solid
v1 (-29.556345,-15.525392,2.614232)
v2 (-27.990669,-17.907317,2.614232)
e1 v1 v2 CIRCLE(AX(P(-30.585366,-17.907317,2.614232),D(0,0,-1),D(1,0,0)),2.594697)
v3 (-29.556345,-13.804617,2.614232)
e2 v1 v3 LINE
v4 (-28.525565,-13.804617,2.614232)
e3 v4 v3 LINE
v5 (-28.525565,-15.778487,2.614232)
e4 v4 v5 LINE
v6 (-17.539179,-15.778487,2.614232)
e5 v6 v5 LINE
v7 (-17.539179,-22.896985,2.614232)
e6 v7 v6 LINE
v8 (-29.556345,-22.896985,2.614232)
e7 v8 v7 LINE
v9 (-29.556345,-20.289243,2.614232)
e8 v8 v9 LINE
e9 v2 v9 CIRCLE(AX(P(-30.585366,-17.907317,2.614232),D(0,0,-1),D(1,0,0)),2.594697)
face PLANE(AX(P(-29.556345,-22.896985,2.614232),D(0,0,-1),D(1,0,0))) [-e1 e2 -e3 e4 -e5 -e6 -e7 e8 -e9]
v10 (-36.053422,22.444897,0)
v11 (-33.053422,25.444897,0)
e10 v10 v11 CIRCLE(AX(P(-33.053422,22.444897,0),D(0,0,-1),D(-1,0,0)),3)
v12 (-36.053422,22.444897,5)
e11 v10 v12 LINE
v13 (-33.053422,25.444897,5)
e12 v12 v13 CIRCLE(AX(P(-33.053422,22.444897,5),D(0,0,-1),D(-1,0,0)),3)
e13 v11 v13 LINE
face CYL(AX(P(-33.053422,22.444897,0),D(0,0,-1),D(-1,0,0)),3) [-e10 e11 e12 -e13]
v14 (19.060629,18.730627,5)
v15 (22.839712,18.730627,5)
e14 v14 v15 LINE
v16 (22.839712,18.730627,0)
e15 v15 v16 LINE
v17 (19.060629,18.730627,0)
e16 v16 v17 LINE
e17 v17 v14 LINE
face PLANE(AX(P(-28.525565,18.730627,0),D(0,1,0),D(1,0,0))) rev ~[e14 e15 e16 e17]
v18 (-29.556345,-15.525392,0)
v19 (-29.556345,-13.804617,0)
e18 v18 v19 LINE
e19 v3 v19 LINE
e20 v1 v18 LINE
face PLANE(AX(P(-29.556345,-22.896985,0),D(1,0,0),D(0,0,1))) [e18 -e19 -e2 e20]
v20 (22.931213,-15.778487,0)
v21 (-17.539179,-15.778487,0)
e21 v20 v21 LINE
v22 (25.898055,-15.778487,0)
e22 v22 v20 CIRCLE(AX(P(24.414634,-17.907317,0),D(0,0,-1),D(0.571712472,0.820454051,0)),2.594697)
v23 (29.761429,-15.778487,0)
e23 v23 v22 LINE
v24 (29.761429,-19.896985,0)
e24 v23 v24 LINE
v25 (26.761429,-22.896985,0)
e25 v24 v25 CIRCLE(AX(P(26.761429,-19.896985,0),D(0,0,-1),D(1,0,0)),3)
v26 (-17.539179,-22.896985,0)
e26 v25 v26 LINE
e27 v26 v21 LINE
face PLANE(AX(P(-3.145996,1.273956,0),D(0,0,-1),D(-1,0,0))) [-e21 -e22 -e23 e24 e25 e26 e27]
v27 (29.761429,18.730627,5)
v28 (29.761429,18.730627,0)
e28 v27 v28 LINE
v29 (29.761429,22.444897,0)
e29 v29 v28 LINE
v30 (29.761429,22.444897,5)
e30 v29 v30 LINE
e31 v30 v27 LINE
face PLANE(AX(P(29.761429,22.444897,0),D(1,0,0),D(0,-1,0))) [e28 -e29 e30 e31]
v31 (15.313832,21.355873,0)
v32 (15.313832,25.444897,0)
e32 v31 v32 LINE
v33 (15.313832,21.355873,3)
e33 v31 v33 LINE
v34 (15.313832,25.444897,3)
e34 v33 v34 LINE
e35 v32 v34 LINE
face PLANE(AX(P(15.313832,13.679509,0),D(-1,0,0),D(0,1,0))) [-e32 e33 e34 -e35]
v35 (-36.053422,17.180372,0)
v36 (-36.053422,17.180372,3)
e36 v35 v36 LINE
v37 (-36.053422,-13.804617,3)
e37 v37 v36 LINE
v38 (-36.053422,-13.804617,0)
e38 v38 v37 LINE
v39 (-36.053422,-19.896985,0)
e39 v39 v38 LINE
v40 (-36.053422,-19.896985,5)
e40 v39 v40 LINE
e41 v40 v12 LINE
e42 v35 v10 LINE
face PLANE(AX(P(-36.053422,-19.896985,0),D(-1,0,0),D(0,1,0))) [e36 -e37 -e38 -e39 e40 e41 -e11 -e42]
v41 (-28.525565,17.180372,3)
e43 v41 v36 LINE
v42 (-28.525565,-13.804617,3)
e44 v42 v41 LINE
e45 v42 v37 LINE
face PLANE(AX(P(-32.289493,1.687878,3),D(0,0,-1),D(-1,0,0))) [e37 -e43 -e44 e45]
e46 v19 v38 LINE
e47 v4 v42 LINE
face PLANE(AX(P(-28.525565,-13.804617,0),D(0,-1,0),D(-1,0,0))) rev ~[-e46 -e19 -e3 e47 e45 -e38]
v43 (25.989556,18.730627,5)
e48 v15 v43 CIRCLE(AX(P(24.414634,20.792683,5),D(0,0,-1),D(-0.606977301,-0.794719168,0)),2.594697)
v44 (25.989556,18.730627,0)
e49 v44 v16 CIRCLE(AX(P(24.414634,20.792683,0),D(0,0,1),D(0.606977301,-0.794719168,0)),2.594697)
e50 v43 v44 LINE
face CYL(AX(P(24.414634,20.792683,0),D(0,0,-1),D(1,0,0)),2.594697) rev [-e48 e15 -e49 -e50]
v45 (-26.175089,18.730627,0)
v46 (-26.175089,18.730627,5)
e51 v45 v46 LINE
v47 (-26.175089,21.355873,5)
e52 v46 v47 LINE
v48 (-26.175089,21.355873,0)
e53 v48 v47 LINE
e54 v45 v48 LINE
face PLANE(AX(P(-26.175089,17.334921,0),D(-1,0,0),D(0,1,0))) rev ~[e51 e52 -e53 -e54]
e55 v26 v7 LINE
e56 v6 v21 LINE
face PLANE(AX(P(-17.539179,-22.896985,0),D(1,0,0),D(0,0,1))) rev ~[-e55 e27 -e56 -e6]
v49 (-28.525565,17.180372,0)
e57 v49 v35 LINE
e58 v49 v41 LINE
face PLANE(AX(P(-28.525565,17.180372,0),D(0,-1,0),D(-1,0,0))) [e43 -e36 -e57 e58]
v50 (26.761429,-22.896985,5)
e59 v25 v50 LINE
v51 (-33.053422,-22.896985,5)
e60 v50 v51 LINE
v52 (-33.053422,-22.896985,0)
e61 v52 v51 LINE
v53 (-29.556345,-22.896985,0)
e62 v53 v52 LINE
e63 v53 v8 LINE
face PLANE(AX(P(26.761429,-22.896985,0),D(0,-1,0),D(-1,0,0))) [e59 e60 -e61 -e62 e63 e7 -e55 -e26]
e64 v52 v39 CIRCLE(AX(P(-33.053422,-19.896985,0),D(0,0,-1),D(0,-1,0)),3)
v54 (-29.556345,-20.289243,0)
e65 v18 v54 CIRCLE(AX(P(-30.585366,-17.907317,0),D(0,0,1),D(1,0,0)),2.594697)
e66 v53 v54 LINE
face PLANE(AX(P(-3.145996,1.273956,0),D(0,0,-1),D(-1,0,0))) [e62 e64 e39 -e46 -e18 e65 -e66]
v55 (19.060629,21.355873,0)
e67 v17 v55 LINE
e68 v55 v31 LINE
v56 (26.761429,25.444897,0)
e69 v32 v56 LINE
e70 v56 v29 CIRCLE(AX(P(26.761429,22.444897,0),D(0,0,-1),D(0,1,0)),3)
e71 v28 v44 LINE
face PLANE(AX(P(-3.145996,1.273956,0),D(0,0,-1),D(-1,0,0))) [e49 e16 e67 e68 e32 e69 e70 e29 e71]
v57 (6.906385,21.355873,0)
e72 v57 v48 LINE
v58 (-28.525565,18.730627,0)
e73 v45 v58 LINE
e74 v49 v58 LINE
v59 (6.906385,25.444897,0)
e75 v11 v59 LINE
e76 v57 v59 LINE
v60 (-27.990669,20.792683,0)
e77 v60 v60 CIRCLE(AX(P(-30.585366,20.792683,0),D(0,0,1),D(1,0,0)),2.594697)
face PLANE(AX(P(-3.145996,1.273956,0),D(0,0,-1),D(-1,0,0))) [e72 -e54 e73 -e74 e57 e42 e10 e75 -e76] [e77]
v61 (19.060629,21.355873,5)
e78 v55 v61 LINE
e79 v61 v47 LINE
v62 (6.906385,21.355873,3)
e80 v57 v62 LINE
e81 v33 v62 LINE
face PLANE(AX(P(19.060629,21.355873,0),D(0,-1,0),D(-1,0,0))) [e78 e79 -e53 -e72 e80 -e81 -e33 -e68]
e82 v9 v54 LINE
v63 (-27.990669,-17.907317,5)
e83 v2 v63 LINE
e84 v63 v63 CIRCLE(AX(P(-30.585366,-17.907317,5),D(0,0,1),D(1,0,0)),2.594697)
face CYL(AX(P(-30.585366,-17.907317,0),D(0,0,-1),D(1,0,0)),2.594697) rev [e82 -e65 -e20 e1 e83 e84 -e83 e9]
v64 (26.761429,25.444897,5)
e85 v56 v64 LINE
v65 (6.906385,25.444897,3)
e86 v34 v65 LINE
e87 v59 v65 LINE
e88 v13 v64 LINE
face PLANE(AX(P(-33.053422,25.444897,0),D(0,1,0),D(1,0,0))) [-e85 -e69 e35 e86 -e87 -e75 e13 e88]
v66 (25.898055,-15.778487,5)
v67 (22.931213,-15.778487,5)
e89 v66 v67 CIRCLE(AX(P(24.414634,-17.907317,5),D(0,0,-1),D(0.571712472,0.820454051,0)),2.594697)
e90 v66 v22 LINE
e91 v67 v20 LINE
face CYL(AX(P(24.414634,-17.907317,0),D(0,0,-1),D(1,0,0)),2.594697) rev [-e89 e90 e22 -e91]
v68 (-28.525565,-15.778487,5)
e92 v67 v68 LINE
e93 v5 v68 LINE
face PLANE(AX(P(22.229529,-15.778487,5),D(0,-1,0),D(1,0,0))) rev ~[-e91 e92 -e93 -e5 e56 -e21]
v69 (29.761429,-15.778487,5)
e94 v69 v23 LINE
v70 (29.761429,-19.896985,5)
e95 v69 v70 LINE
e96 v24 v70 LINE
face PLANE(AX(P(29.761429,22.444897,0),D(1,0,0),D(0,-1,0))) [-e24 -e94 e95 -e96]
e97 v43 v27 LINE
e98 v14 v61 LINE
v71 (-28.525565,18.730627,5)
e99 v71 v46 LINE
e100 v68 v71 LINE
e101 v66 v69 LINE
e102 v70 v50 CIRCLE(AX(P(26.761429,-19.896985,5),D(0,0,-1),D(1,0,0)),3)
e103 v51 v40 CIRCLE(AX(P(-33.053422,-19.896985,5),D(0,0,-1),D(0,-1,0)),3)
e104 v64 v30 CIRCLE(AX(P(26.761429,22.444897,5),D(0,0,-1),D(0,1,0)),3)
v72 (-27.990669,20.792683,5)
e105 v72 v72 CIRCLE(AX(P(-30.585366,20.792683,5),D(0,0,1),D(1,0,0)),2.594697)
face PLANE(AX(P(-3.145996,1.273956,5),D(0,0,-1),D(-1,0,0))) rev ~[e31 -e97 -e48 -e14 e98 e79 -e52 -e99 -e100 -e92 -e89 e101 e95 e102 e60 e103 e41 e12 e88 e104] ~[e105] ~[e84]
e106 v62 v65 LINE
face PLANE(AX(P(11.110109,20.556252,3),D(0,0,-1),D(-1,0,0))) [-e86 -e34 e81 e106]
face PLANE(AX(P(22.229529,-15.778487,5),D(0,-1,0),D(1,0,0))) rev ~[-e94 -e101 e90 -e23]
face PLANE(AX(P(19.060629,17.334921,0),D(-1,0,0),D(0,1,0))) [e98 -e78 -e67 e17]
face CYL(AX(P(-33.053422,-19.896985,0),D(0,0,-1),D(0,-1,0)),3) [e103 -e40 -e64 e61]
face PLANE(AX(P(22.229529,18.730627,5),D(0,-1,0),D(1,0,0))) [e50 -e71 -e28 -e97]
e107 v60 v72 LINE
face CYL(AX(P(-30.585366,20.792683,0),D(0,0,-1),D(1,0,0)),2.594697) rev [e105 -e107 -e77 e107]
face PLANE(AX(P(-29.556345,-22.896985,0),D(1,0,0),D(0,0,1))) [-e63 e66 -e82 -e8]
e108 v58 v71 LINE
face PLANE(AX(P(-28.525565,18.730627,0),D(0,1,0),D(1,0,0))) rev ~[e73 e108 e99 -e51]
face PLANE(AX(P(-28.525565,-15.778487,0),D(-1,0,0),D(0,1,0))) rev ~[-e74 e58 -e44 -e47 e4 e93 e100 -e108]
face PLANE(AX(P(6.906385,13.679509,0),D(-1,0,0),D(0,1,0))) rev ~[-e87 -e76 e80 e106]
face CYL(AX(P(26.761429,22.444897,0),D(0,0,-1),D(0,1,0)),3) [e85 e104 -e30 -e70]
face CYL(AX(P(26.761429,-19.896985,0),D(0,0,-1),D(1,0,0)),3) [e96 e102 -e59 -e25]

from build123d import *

# Parameters (mm, degrees)
SKETCH_1_R          = 2.594697184
SKETCH_1_W          = 50.755093491
SKETCH_1_H          = 34.509114599
EXTRUDE_1_DEPTH     = 5
SKETCH_2_W          = 12.017165499
SKETCH_2_H          = 2.614231611
CUT_EXTRUDE_1_DEPTH = 10
SKETCH_3_W          = 7.527857493
SKETCH_3_H          = 30.984988894
CUT_EXTRUDE_2_DEPTH = 3
SKETCH_4_W          = 11.818287361
SKETCH_4_H          = 34.509114599
CUT_EXTRUDE_3_DEPTH = 10
SKETCH_5_W          = 8.407446584
SKETCH_5_H          = 13.753485989
CUT_EXTRUDE_4_DEPTH = 3
SKETCH_6_W          = 45.235718037
SKETCH_6_H          = 4.020952714
CUT_EXTRUDE_5_DEPTH = 10


with BuildPart() as part:
    # 草图1 → 凸台-拉伸1 (new body)
    with BuildSketch(Plane.XY):
        with BuildLine():
            Line((-33.053422138, 25.444897132), (26.761429335, 25.444897132))
            ThreePointArc((26.761429335, 25.444897132), (28.882749679, 24.566217475), (29.761429335, 22.444897132))
            Line((29.761429335, 22.444897132), (29.761429335, -19.896984924))
            ThreePointArc((29.761429335, -19.896984924), (28.882749679, -22.018305267), (26.761429335, -22.896984924))
            Line((26.761429335, -22.896984924), (-33.053422138, -22.896984924))
            ThreePointArc((-33.053422138, -22.896984924), (-35.174742482, -22.018305267), (-36.053422138, -19.896984924))
            Line((-36.053422138, -19.896984924), (-36.053422138, 22.444897132))
            ThreePointArc((-36.053422138, 22.444897132), (-35.174742482, 24.566217475), (-33.053422138, 25.444897132))
        make_face()
        with Locations((-30.585365854, 20.792682927)):
            Circle(SKETCH_1_R, mode=Mode.SUBTRACT)
        with Locations((24.414634146, 20.792682927)):
            Circle(SKETCH_1_R, mode=Mode.SUBTRACT)
        with Locations((-30.585365854, -17.907317073)):
            Circle(SKETCH_1_R, mode=Mode.SUBTRACT)
        with Locations((24.414634146, -17.907317073)):
            Circle(SKETCH_1_R, mode=Mode.SUBTRACT)
        with Locations((-3.1480179, 1.476070041)):
            Rectangle(SKETCH_1_W, SKETCH_1_H, mode=Mode.SUBTRACT)
    extrude(amount=EXTRUDE_1_DEPTH)

    # 草图2 → 切除-拉伸1 (cut)
    with BuildSketch(Plane.XZ.offset(22.896984924)):
        with Locations((-23.547762162, 1.307115806)):
            Rectangle(SKETCH_2_W, SKETCH_2_H)
    extrude(amount=-CUT_EXTRUDE_1_DEPTH, mode=Mode.SUBTRACT)

    # 草图3 → 切除-拉伸2 (cut)
    with BuildSketch(Plane(origin=(0, 0, 0), x_dir=(-1, 0, 0), z_dir=(0, 0, -1))):
        with Locations((32.289493392, 1.687877711)):
            Rectangle(SKETCH_3_W, SKETCH_3_H)
    extrude(amount=-CUT_EXTRUDE_2_DEPTH, mode=Mode.SUBTRACT)

    # 草图4 → 切除-拉伸3 (cut)
    with BuildSketch(Plane.XY.offset(5)):
        with Locations((28.138672527, 1.476070041)):
            Rectangle(SKETCH_4_W, SKETCH_4_H)
    extrude(amount=-CUT_EXTRUDE_3_DEPTH, mode=Mode.SUBTRACT)

    # 草图5 → 切除-拉伸4 (cut)
    with BuildSketch(Plane(origin=(0, 0, 0), x_dir=(-1, 0, 0), z_dir=(0, 0, -1))):
        with Locations((-11.110108677, 20.556252076)):
            Rectangle(SKETCH_5_W, SKETCH_5_H)
    extrude(amount=-CUT_EXTRUDE_4_DEPTH, mode=Mode.SUBTRACT)

    # 草图6 → 切除-拉伸5 (cut)
    with BuildSketch(Plane(origin=(0, 0, 0), x_dir=(-1, 0, 0), z_dir=(0, 0, -1))):
        with Locations((3.557230201, 19.345396997)):
            Rectangle(SKETCH_6_W, SKETCH_6_H)
    extrude(amount=-CUT_EXTRUDE_5_DEPTH, mode=Mode.SUBTRACT)


solid = part.part
